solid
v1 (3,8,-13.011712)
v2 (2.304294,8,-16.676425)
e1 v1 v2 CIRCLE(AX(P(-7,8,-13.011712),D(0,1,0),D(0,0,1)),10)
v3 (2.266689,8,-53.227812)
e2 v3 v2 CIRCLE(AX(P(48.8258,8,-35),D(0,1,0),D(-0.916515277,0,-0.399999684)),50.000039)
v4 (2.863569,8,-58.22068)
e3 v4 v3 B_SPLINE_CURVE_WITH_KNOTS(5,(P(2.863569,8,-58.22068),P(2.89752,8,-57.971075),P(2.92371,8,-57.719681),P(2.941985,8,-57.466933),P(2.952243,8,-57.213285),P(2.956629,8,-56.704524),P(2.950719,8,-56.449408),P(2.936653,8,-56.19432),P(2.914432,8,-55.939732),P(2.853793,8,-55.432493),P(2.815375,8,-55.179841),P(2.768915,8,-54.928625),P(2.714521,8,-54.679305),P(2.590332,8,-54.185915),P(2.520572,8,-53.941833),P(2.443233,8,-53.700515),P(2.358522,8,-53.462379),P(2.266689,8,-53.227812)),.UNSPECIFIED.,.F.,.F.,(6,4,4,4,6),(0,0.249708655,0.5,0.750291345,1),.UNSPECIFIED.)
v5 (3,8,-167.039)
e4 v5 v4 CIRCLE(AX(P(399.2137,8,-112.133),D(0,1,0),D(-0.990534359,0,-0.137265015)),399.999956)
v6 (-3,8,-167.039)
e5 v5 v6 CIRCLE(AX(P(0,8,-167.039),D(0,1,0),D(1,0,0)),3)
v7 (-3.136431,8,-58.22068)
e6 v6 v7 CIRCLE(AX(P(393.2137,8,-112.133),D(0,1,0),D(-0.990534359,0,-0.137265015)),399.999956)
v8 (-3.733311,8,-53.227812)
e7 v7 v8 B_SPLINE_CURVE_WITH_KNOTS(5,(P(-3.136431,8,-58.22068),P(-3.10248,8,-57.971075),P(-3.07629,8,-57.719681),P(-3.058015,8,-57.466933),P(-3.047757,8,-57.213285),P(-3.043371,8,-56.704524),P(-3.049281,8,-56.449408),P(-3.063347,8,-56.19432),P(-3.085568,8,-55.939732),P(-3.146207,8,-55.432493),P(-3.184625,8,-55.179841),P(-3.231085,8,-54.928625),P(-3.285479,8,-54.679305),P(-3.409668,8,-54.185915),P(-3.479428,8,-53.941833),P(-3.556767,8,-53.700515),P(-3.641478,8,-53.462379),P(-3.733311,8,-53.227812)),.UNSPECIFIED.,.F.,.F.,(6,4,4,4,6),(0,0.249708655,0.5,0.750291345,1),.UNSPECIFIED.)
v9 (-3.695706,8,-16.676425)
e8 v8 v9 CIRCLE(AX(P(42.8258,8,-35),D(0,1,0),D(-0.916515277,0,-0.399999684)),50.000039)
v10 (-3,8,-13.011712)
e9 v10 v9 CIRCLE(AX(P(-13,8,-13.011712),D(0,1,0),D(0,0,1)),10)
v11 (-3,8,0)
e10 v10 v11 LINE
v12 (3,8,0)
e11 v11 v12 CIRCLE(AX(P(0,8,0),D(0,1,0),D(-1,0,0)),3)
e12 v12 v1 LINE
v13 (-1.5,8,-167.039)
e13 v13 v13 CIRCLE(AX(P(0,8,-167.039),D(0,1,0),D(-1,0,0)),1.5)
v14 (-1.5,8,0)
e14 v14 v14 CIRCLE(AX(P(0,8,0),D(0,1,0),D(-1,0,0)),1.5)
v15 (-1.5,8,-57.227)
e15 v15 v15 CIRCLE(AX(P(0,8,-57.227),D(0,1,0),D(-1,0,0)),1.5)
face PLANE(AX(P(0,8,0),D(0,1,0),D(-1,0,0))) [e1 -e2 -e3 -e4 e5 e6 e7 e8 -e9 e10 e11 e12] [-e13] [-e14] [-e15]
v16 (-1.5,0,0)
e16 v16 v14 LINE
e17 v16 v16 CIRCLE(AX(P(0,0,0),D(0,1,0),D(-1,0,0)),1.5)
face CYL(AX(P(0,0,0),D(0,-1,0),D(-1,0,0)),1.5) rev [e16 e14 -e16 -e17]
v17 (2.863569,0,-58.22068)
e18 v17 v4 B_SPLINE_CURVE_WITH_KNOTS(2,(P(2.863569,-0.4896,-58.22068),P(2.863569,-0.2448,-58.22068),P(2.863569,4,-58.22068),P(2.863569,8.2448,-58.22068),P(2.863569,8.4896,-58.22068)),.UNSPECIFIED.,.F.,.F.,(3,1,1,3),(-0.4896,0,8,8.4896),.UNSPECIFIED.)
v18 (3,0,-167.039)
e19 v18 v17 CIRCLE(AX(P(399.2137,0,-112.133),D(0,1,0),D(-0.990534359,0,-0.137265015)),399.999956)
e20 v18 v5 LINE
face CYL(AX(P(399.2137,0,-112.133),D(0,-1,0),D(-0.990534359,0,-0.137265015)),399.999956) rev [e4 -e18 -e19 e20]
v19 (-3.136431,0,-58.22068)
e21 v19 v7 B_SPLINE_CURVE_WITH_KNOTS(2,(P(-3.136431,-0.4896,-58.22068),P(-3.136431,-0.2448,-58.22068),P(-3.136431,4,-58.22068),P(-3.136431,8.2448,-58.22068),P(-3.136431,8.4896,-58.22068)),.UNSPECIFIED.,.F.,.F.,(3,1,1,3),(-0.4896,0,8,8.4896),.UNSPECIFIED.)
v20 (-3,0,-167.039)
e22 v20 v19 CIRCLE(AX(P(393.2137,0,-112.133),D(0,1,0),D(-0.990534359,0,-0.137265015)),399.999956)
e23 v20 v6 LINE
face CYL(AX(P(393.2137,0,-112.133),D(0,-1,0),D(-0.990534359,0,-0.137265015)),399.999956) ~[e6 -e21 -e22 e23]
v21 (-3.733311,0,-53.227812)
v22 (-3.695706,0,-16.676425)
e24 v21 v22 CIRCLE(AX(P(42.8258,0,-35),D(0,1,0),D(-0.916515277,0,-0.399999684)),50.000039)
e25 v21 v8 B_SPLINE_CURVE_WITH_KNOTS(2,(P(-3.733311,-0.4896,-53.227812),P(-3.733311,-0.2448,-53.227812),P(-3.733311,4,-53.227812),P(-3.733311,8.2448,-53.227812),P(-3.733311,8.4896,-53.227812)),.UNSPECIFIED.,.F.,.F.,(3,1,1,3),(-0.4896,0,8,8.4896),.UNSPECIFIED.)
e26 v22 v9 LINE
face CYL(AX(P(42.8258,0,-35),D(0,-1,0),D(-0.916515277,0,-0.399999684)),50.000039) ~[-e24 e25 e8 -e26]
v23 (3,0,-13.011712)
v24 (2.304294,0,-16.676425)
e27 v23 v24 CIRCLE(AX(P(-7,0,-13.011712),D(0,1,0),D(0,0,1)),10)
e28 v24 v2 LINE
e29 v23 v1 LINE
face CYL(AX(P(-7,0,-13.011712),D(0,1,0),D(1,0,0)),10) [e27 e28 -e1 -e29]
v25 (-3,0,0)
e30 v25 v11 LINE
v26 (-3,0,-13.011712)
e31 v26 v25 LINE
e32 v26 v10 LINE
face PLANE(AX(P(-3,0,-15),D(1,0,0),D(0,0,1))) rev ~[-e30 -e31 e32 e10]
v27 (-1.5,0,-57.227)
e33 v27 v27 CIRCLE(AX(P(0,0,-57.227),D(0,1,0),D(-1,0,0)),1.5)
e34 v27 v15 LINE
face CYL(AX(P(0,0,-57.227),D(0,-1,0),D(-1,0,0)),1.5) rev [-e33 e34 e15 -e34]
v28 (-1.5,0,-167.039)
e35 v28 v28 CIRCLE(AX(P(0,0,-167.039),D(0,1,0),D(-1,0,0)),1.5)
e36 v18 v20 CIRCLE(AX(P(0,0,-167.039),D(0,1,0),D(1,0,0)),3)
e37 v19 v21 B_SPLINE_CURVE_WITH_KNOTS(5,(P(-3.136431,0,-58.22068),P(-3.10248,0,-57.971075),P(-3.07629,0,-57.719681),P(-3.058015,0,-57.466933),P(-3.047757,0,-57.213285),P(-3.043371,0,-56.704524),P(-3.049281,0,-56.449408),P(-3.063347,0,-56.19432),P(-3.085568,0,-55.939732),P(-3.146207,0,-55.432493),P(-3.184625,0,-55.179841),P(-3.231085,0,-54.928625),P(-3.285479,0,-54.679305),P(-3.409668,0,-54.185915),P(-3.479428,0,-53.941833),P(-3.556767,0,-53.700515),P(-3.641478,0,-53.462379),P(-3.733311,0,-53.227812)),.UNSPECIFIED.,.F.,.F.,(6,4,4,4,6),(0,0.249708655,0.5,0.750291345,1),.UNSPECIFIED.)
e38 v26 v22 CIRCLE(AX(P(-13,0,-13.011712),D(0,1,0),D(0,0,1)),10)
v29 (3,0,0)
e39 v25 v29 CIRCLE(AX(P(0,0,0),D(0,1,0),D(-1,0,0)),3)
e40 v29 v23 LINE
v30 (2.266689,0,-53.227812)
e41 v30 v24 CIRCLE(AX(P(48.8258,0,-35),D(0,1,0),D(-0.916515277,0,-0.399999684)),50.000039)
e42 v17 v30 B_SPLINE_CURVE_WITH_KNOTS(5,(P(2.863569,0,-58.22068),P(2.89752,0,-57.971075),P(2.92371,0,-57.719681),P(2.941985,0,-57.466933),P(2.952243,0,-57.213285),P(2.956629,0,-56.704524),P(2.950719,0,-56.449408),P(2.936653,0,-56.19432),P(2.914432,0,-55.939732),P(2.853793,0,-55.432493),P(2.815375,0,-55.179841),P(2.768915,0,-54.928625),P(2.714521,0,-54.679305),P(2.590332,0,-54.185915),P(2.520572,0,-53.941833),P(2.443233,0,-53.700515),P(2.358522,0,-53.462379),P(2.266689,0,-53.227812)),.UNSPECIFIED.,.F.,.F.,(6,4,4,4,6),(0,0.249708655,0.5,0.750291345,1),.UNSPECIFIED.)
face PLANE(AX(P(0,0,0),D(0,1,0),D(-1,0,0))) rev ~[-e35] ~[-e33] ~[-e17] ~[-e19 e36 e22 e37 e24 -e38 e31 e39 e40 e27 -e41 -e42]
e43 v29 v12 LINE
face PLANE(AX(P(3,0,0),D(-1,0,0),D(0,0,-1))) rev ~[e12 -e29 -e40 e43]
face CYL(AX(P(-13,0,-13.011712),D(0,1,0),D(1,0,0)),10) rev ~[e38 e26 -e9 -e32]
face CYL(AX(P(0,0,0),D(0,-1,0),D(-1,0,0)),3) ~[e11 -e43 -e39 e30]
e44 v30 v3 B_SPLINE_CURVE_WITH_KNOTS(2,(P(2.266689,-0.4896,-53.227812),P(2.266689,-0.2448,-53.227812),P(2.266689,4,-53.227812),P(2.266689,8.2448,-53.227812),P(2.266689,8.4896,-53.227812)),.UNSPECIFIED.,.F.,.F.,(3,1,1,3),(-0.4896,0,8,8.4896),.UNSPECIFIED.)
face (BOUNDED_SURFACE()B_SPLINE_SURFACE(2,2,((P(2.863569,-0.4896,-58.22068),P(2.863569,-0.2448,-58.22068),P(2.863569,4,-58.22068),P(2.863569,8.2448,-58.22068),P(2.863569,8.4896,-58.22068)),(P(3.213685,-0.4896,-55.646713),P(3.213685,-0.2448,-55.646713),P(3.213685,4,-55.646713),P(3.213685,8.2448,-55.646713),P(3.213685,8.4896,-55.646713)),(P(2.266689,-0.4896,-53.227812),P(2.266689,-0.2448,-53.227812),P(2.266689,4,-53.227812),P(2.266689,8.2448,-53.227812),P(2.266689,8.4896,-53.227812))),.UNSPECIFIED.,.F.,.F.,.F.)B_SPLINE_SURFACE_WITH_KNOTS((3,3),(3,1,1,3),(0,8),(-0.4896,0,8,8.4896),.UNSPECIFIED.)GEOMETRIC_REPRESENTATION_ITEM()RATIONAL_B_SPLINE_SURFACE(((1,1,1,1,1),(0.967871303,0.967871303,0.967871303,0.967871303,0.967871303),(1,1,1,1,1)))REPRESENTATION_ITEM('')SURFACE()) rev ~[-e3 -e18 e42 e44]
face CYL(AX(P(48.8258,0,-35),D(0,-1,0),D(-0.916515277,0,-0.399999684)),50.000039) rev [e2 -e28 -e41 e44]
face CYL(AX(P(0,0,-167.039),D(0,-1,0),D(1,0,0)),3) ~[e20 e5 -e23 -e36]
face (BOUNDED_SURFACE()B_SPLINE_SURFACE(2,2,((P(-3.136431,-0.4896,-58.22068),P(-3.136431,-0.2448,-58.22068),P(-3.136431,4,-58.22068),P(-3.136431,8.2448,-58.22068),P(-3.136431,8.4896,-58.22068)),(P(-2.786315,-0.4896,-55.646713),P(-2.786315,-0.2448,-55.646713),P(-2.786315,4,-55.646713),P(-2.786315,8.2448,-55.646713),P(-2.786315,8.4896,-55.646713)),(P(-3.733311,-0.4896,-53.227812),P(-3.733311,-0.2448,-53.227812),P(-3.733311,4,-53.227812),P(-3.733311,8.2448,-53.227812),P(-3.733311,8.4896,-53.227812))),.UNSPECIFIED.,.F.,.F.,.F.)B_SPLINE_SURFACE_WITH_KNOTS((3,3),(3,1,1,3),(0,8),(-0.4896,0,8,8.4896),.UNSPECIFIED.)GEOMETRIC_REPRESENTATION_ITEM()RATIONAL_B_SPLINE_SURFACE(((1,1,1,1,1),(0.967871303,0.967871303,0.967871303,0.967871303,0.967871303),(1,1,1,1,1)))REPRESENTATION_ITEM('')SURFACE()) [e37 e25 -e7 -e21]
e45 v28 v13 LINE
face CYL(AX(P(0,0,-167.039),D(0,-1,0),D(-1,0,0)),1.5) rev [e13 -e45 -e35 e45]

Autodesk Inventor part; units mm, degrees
ref_plane "YZ Plane" through (0, 0, 0) normal (1, 0, 0) x (0, 1, 0)
ref_plane "XZ Plane" through (0, 0, 0) normal (0, 1, 0) x (-1, 0, 0)
ref_plane "XY Plane" through (0, 0, 0) normal (0, 0, 1) x (1, 0, 0)
sketch "Sketch1" plane through (0, 0, 0) normal (0, 1, 0) x (-1, 0, 0)
  line L0 (0, 0) -> (0, -167.039) construction
  line L1 (-3, 0) -> (-3, -167.039)
  line L2 (3, -167.039) -> (3, 0)
  arc A0 (3, 0) -> (-3, 0) centre (0, 0) ccw
  arc A1 (-3, -167.039) -> (3, -167.039) centre (0, -167.039) ccw
  circle A2 centre (0, 0) radius 1.5
  circle A3 centre (0, -167.039) radius 1.5
  circle A4 centre (0, -57.227) radius 1.5
  arc A5 (3, -167.039) -> (3, -57.227) centre (-393.2137, -112.133) ccw
  arc A6 (-3, -167.039) -> (-3, -57.227) centre (-399.2137, -112.133) ccw
  arc A7 (-3, -55) -> (-3, -15) centre (-48.8258, -35) ccw
  arc A8 (3, -55) -> (3, -15) centre (-42.8258, -35) ccw
  point P0 (0, -83.5195)
  dimension "d0" = 167.039
  dimension "d1" = 6
  dimension "d2" = 3
  dimension "d3" = 3
  dimension "d10" = 3
  dimension "d11" = 57.227
  dimension "d12" = 400
  dimension "d13" = 400
  dimension "d16" = 15
  dimension "d17" = 55
  dimension "d18" = 50
  dimension "d19" = 50
extrude "Extrusion1" add sketch "Sketch1" along normal blind 8 contours A0 L2 A1 A6 L1 A7 | A8 L2 | A5 L2
fillet "Fillet1" radius 10 6 edges at (-3, 4, -15) (3, 4, -15) (-3, 4, -55) (3, 4, -55) (-3, 4, -57.227) (3, 4, -57.227)
sketch "Sketch2" plane through (0, 0, 0) normal (0, -1, 0) x (1, 0, 0)
  circle A0 centre (0, -57.227) radius 1.5 projected
  circle A1 centre (0, -167.039) radius 1.5 projected
  circle A2 centre (0, 0) radius 1.5 projected
  arc A3 (2.8635, -58.2209) -> (2.2666, -53.2276) centre (-7.0452, -56.8731) ccw projected
  arc A4 (2.3043, -16.6764) -> (2.2666, -53.2276) centre (48.8258, -35) ccw projected
  arc A5 (2.3043, -16.6764) -> (3, -13.0117) centre (-7, -13.0117) ccw projected
  line L0 (3, 0) -> (3, -13.0117) projected
  arc A6 (3, 0) -> (-3, 0) centre (0, 0) ccw projected
  line L1 (-3, -13.0117) -> (-3, 0) projected
  arc A7 (-3.6957, -16.6764) -> (-3, -13.0117) centre (-13, -13.0117) ccw projected
  arc A8 (-3.6957, -16.6764) -> (-3.7334, -53.2276) centre (42.8258, -35) ccw projected
  arc A9 (-3.1365, -58.2209) -> (-3.7334, -53.2276) centre (-13.0452, -56.8731) ccw projected
  arc A10 (-3.1365, -58.2209) -> (-3, -167.039) centre (393.2137, -112.133) ccw projected
  arc A11 (-3, -167.039) -> (3, -167.039) centre (0, -167.039) ccw projected
  arc A12 (2.8635, -58.2209) -> (3, -167.039) centre (399.2137, -112.133) ccw projected
